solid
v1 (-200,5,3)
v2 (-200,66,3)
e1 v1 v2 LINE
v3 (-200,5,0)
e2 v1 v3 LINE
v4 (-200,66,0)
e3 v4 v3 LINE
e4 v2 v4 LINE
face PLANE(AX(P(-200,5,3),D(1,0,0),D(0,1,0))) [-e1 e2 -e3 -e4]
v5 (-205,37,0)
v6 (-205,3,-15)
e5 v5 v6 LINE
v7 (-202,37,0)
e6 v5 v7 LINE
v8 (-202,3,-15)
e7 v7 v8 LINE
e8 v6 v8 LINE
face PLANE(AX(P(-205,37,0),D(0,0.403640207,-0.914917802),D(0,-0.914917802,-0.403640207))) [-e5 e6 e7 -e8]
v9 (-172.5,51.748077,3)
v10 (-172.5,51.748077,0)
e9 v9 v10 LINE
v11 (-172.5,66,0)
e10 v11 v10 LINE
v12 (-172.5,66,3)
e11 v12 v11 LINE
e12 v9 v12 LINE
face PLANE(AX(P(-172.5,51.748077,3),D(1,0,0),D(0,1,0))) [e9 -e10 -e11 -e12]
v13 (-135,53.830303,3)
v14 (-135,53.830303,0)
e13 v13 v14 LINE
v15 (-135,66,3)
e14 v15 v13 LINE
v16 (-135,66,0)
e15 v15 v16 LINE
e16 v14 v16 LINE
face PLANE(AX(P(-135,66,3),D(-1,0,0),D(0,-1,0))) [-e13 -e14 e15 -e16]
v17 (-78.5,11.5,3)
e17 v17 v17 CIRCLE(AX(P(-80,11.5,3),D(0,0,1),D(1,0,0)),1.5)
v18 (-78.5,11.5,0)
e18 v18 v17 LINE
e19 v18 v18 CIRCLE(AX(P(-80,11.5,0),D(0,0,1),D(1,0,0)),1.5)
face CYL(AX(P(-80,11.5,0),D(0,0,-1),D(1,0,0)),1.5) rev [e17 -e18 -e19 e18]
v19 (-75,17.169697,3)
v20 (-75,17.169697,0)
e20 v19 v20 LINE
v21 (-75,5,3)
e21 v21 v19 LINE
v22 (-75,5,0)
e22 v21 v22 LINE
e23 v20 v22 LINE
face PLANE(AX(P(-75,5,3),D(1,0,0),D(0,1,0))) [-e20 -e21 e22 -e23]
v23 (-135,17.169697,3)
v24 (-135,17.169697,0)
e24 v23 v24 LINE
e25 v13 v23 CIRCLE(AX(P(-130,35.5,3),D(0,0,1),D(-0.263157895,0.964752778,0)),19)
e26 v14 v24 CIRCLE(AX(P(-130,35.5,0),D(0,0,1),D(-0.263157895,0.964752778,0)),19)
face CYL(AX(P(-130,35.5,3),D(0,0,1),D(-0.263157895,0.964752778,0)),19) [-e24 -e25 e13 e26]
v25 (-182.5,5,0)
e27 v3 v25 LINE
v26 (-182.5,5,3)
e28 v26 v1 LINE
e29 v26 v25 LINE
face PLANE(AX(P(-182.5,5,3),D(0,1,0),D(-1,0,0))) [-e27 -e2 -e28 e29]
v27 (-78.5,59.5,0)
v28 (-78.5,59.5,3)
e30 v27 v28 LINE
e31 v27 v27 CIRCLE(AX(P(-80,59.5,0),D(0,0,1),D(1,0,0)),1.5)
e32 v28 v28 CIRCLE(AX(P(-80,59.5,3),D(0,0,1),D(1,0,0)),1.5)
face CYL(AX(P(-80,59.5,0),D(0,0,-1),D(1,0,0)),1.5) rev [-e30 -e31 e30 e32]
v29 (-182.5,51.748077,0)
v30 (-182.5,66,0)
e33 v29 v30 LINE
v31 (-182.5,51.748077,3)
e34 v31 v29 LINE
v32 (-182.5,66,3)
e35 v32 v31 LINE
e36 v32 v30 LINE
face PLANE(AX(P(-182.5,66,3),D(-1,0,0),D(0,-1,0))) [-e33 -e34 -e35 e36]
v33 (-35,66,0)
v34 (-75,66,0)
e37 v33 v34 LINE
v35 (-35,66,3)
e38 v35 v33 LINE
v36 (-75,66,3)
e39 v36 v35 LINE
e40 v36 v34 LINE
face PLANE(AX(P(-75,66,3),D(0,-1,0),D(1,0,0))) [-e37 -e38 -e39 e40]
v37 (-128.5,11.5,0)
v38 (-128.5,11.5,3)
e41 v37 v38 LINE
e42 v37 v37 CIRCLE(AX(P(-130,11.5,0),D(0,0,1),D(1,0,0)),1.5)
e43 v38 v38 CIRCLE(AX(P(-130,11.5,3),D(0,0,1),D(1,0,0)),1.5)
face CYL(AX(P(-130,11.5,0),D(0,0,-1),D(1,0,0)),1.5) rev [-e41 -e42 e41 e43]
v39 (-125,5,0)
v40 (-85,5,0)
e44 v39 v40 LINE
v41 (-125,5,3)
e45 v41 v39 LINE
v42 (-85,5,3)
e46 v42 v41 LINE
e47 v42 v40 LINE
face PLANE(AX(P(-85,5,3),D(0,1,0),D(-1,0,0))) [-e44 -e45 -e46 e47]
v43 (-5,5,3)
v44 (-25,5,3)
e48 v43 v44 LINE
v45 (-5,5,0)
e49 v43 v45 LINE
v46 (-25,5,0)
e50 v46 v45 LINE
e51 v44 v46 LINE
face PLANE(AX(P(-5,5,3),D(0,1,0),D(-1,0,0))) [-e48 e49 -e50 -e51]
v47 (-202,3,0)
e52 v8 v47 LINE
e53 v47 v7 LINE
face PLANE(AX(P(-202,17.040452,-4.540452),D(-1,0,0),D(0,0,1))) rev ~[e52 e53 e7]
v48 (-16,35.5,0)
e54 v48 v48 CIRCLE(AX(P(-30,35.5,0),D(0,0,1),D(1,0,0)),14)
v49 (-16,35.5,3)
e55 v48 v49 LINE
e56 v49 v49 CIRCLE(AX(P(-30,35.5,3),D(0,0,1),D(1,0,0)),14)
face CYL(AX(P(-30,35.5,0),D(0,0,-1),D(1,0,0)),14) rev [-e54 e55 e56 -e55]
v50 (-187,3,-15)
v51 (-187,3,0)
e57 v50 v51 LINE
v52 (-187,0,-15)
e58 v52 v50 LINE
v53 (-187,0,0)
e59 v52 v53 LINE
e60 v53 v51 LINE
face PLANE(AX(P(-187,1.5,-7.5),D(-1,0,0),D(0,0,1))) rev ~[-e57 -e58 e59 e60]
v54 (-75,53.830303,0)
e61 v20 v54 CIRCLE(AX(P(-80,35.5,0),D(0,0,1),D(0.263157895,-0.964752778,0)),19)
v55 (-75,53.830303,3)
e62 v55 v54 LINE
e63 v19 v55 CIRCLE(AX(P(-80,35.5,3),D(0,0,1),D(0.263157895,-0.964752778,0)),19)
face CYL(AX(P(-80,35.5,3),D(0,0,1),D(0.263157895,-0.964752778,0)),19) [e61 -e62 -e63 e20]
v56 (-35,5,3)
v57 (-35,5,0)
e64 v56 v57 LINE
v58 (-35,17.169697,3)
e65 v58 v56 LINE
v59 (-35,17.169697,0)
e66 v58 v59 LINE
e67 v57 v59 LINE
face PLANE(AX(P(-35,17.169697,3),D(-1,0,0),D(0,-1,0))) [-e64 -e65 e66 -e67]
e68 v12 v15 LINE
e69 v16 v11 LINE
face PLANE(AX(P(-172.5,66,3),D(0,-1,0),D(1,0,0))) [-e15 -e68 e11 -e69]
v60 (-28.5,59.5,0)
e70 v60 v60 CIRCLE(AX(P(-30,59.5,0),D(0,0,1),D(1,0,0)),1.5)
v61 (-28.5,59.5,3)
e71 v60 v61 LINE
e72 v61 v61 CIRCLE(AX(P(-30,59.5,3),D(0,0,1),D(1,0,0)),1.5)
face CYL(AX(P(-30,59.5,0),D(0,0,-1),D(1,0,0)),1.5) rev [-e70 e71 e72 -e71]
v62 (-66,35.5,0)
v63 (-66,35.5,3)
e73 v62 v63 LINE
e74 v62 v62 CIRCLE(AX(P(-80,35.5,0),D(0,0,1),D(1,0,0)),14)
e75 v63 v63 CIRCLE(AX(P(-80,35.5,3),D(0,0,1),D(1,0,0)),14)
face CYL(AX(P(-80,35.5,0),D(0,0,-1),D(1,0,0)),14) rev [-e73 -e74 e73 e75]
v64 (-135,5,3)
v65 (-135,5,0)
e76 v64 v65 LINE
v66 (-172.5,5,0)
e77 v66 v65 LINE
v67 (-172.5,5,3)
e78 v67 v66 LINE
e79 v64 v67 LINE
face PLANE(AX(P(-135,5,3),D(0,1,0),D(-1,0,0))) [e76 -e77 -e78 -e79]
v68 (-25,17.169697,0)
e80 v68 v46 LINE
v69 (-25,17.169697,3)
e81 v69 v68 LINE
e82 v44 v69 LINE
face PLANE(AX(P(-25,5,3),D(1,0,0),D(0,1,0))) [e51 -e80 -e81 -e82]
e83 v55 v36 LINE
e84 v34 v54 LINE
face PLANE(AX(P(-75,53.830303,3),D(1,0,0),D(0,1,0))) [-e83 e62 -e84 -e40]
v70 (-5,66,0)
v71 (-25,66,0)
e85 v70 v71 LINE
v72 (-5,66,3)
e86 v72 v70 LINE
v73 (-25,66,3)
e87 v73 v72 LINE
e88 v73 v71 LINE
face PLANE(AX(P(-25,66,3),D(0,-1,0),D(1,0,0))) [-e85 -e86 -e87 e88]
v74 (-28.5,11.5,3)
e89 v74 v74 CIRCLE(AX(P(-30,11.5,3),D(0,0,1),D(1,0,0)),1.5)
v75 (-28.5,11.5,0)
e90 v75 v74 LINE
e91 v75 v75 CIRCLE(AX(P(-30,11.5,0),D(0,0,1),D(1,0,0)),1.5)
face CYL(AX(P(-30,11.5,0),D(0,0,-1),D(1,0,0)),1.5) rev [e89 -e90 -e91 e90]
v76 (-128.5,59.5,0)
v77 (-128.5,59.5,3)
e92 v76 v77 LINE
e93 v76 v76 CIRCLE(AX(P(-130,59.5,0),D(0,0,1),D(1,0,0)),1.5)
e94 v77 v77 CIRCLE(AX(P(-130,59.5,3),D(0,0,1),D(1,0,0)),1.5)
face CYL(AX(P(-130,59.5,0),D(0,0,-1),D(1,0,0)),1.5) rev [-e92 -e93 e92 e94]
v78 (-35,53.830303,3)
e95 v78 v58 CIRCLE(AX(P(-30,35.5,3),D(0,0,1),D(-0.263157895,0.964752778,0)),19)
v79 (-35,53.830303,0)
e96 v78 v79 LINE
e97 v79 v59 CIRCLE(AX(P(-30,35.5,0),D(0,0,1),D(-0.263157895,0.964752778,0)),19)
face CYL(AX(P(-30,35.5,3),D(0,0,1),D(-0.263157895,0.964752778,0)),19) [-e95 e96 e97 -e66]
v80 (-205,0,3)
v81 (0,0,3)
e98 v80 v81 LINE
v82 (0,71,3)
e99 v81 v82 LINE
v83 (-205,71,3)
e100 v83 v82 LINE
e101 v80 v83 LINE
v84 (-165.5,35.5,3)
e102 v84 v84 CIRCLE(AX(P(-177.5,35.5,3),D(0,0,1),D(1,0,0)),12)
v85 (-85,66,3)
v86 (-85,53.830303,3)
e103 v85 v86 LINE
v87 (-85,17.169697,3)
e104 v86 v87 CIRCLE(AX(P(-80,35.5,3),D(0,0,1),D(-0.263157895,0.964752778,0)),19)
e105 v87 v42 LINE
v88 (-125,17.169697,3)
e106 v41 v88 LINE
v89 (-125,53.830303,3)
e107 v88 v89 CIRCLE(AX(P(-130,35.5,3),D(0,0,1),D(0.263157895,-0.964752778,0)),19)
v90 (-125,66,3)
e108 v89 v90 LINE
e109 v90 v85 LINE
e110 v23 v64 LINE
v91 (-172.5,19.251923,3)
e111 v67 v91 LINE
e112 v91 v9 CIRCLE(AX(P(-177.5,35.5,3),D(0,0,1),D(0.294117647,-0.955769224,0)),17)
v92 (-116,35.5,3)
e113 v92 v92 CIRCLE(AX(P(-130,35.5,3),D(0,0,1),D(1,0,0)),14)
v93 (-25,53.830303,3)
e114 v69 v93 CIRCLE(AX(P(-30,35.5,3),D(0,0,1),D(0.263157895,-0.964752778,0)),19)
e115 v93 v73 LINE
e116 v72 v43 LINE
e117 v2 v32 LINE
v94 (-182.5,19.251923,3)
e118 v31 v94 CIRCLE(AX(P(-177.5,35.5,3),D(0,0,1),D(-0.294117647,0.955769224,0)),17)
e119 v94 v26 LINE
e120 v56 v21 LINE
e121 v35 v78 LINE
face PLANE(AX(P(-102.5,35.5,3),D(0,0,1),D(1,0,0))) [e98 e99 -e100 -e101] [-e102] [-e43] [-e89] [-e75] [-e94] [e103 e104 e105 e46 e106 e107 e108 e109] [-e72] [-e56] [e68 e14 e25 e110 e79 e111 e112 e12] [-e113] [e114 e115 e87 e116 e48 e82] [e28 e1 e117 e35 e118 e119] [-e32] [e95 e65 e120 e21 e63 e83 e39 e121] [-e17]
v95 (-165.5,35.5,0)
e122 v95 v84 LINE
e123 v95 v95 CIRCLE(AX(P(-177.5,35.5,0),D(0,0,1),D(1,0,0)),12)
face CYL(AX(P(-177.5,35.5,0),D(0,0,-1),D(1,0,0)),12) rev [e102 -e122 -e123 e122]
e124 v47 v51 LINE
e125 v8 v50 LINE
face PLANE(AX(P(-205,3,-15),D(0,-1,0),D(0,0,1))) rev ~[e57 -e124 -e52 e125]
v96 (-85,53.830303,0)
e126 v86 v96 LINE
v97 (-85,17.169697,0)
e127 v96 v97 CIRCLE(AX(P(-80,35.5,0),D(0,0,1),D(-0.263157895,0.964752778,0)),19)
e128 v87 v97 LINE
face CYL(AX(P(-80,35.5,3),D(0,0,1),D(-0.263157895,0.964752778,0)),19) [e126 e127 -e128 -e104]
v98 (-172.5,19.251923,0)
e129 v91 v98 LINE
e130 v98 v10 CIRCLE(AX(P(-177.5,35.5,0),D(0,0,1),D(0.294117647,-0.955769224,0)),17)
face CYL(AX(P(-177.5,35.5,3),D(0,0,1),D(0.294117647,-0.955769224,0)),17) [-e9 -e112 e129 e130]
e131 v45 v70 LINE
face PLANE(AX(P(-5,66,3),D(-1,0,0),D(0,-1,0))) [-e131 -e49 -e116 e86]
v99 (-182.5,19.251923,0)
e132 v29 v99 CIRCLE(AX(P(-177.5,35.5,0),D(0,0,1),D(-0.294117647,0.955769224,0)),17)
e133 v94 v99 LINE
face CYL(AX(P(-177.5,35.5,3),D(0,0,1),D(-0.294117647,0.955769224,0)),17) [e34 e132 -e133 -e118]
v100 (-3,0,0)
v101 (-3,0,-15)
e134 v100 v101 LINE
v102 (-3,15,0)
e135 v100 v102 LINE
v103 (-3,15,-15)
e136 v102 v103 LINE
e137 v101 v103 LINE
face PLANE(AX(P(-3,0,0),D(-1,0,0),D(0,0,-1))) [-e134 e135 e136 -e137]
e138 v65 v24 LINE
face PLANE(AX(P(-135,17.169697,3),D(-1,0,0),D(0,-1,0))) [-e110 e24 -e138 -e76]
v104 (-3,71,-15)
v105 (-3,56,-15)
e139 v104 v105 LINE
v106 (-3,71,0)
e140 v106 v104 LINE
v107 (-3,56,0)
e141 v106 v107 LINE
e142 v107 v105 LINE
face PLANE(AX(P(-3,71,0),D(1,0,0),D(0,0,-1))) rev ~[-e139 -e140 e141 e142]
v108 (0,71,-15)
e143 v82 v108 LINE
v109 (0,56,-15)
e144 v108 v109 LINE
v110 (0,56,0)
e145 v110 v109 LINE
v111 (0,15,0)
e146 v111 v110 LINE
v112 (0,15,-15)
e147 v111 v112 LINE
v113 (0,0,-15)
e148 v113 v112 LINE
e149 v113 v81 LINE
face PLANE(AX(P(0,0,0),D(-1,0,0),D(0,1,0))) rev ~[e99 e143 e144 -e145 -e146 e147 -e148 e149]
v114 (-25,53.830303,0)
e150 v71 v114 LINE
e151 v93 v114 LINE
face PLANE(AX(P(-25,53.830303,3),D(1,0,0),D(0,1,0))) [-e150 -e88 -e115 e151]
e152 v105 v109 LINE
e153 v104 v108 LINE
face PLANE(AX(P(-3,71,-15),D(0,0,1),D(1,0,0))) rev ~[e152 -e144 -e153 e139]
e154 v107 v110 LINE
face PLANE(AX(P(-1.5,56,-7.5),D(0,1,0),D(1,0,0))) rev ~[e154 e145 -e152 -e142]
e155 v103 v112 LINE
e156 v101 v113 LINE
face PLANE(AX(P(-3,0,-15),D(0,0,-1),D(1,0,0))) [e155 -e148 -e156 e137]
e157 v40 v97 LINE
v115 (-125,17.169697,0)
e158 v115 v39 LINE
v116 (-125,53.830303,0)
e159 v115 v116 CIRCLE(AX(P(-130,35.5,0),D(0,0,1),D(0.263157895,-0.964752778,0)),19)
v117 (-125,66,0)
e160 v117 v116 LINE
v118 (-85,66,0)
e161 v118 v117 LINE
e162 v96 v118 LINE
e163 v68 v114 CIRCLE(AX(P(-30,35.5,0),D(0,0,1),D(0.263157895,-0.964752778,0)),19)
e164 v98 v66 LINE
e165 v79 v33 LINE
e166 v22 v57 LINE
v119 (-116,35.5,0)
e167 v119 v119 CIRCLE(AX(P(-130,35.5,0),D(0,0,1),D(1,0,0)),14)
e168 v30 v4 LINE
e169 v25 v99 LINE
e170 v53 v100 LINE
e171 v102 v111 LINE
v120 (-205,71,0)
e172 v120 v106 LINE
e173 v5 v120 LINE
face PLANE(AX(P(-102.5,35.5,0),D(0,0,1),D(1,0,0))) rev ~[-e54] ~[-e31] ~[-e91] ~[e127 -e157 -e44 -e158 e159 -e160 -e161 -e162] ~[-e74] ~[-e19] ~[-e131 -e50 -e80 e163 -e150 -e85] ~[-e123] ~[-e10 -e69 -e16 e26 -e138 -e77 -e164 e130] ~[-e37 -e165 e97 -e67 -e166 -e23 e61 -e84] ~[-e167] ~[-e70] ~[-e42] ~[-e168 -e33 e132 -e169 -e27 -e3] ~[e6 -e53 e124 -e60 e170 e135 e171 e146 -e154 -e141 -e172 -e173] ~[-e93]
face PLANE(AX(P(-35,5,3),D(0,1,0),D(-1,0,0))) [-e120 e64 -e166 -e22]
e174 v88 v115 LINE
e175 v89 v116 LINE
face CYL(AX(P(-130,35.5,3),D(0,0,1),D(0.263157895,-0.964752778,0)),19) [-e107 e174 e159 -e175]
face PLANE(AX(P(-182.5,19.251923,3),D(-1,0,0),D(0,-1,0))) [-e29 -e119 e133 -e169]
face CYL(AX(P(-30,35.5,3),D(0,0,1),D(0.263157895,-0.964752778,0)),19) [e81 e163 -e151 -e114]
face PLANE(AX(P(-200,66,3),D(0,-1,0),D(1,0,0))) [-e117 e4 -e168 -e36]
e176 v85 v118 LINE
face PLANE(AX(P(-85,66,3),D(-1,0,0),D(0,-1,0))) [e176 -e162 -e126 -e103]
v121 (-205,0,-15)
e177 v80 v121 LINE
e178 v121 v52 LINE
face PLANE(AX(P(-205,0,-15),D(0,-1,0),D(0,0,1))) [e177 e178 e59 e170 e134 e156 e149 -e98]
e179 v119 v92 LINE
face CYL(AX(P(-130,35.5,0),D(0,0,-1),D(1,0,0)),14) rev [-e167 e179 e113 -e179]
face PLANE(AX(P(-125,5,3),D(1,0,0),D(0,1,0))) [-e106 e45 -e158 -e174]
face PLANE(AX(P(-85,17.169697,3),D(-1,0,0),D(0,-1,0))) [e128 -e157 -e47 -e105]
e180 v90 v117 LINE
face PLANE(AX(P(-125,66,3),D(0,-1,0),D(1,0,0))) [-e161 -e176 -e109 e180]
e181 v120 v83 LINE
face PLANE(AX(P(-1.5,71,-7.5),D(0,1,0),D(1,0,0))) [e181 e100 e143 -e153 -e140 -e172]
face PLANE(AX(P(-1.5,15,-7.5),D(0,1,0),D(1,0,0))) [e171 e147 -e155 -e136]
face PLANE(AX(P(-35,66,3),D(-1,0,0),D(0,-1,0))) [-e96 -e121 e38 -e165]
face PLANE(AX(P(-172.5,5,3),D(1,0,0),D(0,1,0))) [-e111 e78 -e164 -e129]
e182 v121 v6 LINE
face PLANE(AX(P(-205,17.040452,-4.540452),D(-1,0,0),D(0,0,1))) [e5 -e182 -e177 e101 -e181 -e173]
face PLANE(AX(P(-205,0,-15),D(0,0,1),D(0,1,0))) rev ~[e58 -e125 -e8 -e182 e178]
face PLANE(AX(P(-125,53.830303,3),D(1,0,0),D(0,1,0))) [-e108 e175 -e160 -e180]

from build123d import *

# Parameters (mm, degrees)
SKETCH1_W           = 205
SKETCH1_H           = 71
SKETCH1_R           = 14
SKETCH1_R_2         = 12
SKETCH1_R_3         = 1.5
BOSS_EXTRUDE1_DEPTH = 3
SKETCH2_W           = 3
SKETCH2_H           = 15
BOSS_EXTRUDE2_DEPTH = 15
BOSS_EXTRUDE3_START = -71
SKETCH2_2_W         = 3
SKETCH2_2_H         = 15
BOSS_EXTRUDE3_DEPTH = 15
SKETCH4_W           = 15
SKETCH4_H           = 3
BOSS_EXTRUDE4_DEPTH = 18
BOSS_EXTRUDE5_DEPTH = 3
CUT_EXTRUDE1_REACH  = 219.692


with BuildPart() as part:
    # Sketch1 → Boss-Extrude1 (new body)
    with BuildSketch(Plane.XY):
        with Locations((-102.5, 35.5)):
            Rectangle(SKETCH1_W, SKETCH1_H)
        with Locations((-30, 35.5)):
            Circle(SKETCH1_R, mode=Mode.SUBTRACT)
        with Locations((-80, 35.5)):
            Circle(SKETCH1_R, mode=Mode.SUBTRACT)
        with Locations((-130, 35.5)):
            Circle(SKETCH1_R, mode=Mode.SUBTRACT)
        with Locations((-177.5, 35.5)):
            Circle(SKETCH1_R_2, mode=Mode.SUBTRACT)
        with Locations((-30, 59.5)):
            Circle(SKETCH1_R_3, mode=Mode.SUBTRACT)
        with Locations((-30, 11.5)):
            Circle(SKETCH1_R_3, mode=Mode.SUBTRACT)
        with Locations((-80, 59.5)):
            Circle(SKETCH1_R_3, mode=Mode.SUBTRACT)
        with Locations((-80, 11.5)):
            Circle(SKETCH1_R_3, mode=Mode.SUBTRACT)
        with Locations((-130, 59.5)):
            Circle(SKETCH1_R_3, mode=Mode.SUBTRACT)
        with Locations((-130, 11.5)):
            Circle(SKETCH1_R_3, mode=Mode.SUBTRACT)
    extrude(amount=BOSS_EXTRUDE1_DEPTH)

    # Sketch2 → Boss-Extrude2 (add)
    with BuildSketch(Plane(origin=(0, 71, 0), x_dir=(1, 0, 0), z_dir=(0, 1, 0))):
        with Locations((-1.5, 7.5)):
            Rectangle(SKETCH2_W, SKETCH2_H)
    extrude(amount=-BOSS_EXTRUDE2_DEPTH)

    # Sketch2<2> → Boss-Extrude3 (add)
    with BuildSketch(Plane(origin=(0, 71, 0), x_dir=(1, 0, 0), z_dir=(0, 1, 0)).offset(BOSS_EXTRUDE3_START)):
        with Locations((-1.5, 7.5)):
            Rectangle(SKETCH2_2_W, SKETCH2_2_H)
    extrude(amount=BOSS_EXTRUDE3_DEPTH)

    # Sketch4 → Boss-Extrude4 (add)
    with BuildSketch(Plane.ZY.offset(205)):
        with Locations((-7.5, 1.5)):
            Rectangle(SKETCH4_W, SKETCH4_H)
    extrude(amount=-BOSS_EXTRUDE4_DEPTH)

    # Sketch5 → Boss-Extrude5 (add)
    with BuildSketch(Plane.ZY.offset(205)):
        Polygon((0, 37), (-15, 3), (0, 3), align=None)
    extrude(amount=-BOSS_EXTRUDE5_DEPTH)

    # Sketch6 → Cut-Extrude1 (cut, up to next)
    with BuildSketch(Plane.XY.offset(3), mode=Mode.PRIVATE) as cut_extrude1_sk1:
        with BuildLine():
            ThreePointArc((-182.5, 51.748076809), (-194.5, 35.5), (-182.5, 19.251923191))
            Line((-182.5, 19.251923191), (-182.5, 5))
            Line((-182.5, 5), (-200, 5))
            Line((-200, 5), (-200, 66))
            Line((-200, 66), (-182.5, 66))
            Line((-182.5, 66), (-182.5, 51.748076809))
        make_face()
    cut_extrude1_tool1 = extrude(cut_extrude1_sk1.sketch, amount=-CUT_EXTRUDE1_REACH, mode=Mode.PRIVATE) & part.part
    # Sketch6 → Cut-Extrude1 (cut, up to next)
    with BuildSketch(Plane.XY.offset(3), mode=Mode.PRIVATE) as cut_extrude1_sk2:
        with BuildLine():
            ThreePointArc((-135, 53.83030278), (-149, 35.5), (-135, 17.16969722))
            Line((-135, 17.16969722), (-135, 5))
            Line((-135, 5), (-172.5, 5))
            Line((-172.5, 5), (-172.5, 19.251923191))
            ThreePointArc((-172.5, 19.251923191), (-160.5, 35.5), (-172.5, 51.748076809))
            Line((-172.5, 51.748076809), (-172.5, 66))
            Line((-172.5, 66), (-135, 66))
            Line((-135, 66), (-135, 53.83030278))
        make_face()
    cut_extrude1_tool2 = extrude(cut_extrude1_sk2.sketch, amount=-CUT_EXTRUDE1_REACH, mode=Mode.PRIVATE) & part.part
    # Sketch6 → Cut-Extrude1 (cut, up to next)
    with BuildSketch(Plane.XY.offset(3), mode=Mode.PRIVATE) as cut_extrude1_sk3:
        with BuildLine():
            ThreePointArc((-125, 17.16969722), (-111, 35.5), (-125, 53.83030278))
            Line((-125, 53.83030278), (-125, 66))
            Line((-125, 66), (-85, 66))
            Line((-85, 66), (-85, 53.83030278))
            ThreePointArc((-85, 53.83030278), (-99, 35.5), (-85, 17.16969722))
            Line((-85, 17.16969722), (-85, 5))
            Line((-85, 5), (-125, 5))
            Line((-125, 5), (-125, 17.16969722))
        make_face()
    cut_extrude1_tool3 = extrude(cut_extrude1_sk3.sketch, amount=-CUT_EXTRUDE1_REACH, mode=Mode.PRIVATE) & part.part
    # Sketch6 → Cut-Extrude1 (cut, up to next)
    with BuildSketch(Plane.XY.offset(3), mode=Mode.PRIVATE) as cut_extrude1_sk4:
        with BuildLine():
            ThreePointArc((-75, 17.16969722), (-61, 35.5), (-75, 53.83030278))
            Line((-75, 53.83030278), (-75, 66))
            Line((-75, 66), (-35, 66))
            Line((-35, 66), (-35, 53.83030278))
            ThreePointArc((-35, 53.83030278), (-49, 35.5), (-35, 17.16969722))
            Line((-35, 17.16969722), (-35, 5))
            Line((-35, 5), (-75, 5))
            Line((-75, 5), (-75, 17.16969722))
        make_face()
    cut_extrude1_tool4 = extrude(cut_extrude1_sk4.sketch, amount=-CUT_EXTRUDE1_REACH, mode=Mode.PRIVATE) & part.part
    # Sketch6 → Cut-Extrude1 (cut, up to next)
    with BuildSketch(Plane.XY.offset(3), mode=Mode.PRIVATE) as cut_extrude1_sk5:
        with BuildLine():
            ThreePointArc((-25, 17.16969722), (-11, 35.5), (-25, 53.83030278))
            Line((-25, 53.83030278), (-25, 66))
            Line((-25, 66), (-5, 66))
            Line((-5, 66), (-5, 5))
            Line((-5, 5), (-25, 5))
            Line((-25, 5), (-25, 17.16969722))
        make_face()
    cut_extrude1_tool5 = extrude(cut_extrude1_sk5.sketch, amount=-CUT_EXTRUDE1_REACH, mode=Mode.PRIVATE) & part.part
    add(cut_extrude1_tool1.solids().sort_by_distance((-195.134606, 35.5, 3))[0], mode=Mode.SUBTRACT)
    add(cut_extrude1_tool2.solids().sort_by_distance((-154.340944, 35.5, 3))[0], mode=Mode.SUBTRACT)
    add(cut_extrude1_tool3.solids().sort_by_distance((-105, 35.5, 3))[0], mode=Mode.SUBTRACT)
    add(cut_extrude1_tool4.solids().sort_by_distance((-55, 35.5, 3))[0], mode=Mode.SUBTRACT)
    add(cut_extrude1_tool5.solids().sort_by_distance((-10.35805, 35.5, 3))[0], mode=Mode.SUBTRACT)


solid = part.part
